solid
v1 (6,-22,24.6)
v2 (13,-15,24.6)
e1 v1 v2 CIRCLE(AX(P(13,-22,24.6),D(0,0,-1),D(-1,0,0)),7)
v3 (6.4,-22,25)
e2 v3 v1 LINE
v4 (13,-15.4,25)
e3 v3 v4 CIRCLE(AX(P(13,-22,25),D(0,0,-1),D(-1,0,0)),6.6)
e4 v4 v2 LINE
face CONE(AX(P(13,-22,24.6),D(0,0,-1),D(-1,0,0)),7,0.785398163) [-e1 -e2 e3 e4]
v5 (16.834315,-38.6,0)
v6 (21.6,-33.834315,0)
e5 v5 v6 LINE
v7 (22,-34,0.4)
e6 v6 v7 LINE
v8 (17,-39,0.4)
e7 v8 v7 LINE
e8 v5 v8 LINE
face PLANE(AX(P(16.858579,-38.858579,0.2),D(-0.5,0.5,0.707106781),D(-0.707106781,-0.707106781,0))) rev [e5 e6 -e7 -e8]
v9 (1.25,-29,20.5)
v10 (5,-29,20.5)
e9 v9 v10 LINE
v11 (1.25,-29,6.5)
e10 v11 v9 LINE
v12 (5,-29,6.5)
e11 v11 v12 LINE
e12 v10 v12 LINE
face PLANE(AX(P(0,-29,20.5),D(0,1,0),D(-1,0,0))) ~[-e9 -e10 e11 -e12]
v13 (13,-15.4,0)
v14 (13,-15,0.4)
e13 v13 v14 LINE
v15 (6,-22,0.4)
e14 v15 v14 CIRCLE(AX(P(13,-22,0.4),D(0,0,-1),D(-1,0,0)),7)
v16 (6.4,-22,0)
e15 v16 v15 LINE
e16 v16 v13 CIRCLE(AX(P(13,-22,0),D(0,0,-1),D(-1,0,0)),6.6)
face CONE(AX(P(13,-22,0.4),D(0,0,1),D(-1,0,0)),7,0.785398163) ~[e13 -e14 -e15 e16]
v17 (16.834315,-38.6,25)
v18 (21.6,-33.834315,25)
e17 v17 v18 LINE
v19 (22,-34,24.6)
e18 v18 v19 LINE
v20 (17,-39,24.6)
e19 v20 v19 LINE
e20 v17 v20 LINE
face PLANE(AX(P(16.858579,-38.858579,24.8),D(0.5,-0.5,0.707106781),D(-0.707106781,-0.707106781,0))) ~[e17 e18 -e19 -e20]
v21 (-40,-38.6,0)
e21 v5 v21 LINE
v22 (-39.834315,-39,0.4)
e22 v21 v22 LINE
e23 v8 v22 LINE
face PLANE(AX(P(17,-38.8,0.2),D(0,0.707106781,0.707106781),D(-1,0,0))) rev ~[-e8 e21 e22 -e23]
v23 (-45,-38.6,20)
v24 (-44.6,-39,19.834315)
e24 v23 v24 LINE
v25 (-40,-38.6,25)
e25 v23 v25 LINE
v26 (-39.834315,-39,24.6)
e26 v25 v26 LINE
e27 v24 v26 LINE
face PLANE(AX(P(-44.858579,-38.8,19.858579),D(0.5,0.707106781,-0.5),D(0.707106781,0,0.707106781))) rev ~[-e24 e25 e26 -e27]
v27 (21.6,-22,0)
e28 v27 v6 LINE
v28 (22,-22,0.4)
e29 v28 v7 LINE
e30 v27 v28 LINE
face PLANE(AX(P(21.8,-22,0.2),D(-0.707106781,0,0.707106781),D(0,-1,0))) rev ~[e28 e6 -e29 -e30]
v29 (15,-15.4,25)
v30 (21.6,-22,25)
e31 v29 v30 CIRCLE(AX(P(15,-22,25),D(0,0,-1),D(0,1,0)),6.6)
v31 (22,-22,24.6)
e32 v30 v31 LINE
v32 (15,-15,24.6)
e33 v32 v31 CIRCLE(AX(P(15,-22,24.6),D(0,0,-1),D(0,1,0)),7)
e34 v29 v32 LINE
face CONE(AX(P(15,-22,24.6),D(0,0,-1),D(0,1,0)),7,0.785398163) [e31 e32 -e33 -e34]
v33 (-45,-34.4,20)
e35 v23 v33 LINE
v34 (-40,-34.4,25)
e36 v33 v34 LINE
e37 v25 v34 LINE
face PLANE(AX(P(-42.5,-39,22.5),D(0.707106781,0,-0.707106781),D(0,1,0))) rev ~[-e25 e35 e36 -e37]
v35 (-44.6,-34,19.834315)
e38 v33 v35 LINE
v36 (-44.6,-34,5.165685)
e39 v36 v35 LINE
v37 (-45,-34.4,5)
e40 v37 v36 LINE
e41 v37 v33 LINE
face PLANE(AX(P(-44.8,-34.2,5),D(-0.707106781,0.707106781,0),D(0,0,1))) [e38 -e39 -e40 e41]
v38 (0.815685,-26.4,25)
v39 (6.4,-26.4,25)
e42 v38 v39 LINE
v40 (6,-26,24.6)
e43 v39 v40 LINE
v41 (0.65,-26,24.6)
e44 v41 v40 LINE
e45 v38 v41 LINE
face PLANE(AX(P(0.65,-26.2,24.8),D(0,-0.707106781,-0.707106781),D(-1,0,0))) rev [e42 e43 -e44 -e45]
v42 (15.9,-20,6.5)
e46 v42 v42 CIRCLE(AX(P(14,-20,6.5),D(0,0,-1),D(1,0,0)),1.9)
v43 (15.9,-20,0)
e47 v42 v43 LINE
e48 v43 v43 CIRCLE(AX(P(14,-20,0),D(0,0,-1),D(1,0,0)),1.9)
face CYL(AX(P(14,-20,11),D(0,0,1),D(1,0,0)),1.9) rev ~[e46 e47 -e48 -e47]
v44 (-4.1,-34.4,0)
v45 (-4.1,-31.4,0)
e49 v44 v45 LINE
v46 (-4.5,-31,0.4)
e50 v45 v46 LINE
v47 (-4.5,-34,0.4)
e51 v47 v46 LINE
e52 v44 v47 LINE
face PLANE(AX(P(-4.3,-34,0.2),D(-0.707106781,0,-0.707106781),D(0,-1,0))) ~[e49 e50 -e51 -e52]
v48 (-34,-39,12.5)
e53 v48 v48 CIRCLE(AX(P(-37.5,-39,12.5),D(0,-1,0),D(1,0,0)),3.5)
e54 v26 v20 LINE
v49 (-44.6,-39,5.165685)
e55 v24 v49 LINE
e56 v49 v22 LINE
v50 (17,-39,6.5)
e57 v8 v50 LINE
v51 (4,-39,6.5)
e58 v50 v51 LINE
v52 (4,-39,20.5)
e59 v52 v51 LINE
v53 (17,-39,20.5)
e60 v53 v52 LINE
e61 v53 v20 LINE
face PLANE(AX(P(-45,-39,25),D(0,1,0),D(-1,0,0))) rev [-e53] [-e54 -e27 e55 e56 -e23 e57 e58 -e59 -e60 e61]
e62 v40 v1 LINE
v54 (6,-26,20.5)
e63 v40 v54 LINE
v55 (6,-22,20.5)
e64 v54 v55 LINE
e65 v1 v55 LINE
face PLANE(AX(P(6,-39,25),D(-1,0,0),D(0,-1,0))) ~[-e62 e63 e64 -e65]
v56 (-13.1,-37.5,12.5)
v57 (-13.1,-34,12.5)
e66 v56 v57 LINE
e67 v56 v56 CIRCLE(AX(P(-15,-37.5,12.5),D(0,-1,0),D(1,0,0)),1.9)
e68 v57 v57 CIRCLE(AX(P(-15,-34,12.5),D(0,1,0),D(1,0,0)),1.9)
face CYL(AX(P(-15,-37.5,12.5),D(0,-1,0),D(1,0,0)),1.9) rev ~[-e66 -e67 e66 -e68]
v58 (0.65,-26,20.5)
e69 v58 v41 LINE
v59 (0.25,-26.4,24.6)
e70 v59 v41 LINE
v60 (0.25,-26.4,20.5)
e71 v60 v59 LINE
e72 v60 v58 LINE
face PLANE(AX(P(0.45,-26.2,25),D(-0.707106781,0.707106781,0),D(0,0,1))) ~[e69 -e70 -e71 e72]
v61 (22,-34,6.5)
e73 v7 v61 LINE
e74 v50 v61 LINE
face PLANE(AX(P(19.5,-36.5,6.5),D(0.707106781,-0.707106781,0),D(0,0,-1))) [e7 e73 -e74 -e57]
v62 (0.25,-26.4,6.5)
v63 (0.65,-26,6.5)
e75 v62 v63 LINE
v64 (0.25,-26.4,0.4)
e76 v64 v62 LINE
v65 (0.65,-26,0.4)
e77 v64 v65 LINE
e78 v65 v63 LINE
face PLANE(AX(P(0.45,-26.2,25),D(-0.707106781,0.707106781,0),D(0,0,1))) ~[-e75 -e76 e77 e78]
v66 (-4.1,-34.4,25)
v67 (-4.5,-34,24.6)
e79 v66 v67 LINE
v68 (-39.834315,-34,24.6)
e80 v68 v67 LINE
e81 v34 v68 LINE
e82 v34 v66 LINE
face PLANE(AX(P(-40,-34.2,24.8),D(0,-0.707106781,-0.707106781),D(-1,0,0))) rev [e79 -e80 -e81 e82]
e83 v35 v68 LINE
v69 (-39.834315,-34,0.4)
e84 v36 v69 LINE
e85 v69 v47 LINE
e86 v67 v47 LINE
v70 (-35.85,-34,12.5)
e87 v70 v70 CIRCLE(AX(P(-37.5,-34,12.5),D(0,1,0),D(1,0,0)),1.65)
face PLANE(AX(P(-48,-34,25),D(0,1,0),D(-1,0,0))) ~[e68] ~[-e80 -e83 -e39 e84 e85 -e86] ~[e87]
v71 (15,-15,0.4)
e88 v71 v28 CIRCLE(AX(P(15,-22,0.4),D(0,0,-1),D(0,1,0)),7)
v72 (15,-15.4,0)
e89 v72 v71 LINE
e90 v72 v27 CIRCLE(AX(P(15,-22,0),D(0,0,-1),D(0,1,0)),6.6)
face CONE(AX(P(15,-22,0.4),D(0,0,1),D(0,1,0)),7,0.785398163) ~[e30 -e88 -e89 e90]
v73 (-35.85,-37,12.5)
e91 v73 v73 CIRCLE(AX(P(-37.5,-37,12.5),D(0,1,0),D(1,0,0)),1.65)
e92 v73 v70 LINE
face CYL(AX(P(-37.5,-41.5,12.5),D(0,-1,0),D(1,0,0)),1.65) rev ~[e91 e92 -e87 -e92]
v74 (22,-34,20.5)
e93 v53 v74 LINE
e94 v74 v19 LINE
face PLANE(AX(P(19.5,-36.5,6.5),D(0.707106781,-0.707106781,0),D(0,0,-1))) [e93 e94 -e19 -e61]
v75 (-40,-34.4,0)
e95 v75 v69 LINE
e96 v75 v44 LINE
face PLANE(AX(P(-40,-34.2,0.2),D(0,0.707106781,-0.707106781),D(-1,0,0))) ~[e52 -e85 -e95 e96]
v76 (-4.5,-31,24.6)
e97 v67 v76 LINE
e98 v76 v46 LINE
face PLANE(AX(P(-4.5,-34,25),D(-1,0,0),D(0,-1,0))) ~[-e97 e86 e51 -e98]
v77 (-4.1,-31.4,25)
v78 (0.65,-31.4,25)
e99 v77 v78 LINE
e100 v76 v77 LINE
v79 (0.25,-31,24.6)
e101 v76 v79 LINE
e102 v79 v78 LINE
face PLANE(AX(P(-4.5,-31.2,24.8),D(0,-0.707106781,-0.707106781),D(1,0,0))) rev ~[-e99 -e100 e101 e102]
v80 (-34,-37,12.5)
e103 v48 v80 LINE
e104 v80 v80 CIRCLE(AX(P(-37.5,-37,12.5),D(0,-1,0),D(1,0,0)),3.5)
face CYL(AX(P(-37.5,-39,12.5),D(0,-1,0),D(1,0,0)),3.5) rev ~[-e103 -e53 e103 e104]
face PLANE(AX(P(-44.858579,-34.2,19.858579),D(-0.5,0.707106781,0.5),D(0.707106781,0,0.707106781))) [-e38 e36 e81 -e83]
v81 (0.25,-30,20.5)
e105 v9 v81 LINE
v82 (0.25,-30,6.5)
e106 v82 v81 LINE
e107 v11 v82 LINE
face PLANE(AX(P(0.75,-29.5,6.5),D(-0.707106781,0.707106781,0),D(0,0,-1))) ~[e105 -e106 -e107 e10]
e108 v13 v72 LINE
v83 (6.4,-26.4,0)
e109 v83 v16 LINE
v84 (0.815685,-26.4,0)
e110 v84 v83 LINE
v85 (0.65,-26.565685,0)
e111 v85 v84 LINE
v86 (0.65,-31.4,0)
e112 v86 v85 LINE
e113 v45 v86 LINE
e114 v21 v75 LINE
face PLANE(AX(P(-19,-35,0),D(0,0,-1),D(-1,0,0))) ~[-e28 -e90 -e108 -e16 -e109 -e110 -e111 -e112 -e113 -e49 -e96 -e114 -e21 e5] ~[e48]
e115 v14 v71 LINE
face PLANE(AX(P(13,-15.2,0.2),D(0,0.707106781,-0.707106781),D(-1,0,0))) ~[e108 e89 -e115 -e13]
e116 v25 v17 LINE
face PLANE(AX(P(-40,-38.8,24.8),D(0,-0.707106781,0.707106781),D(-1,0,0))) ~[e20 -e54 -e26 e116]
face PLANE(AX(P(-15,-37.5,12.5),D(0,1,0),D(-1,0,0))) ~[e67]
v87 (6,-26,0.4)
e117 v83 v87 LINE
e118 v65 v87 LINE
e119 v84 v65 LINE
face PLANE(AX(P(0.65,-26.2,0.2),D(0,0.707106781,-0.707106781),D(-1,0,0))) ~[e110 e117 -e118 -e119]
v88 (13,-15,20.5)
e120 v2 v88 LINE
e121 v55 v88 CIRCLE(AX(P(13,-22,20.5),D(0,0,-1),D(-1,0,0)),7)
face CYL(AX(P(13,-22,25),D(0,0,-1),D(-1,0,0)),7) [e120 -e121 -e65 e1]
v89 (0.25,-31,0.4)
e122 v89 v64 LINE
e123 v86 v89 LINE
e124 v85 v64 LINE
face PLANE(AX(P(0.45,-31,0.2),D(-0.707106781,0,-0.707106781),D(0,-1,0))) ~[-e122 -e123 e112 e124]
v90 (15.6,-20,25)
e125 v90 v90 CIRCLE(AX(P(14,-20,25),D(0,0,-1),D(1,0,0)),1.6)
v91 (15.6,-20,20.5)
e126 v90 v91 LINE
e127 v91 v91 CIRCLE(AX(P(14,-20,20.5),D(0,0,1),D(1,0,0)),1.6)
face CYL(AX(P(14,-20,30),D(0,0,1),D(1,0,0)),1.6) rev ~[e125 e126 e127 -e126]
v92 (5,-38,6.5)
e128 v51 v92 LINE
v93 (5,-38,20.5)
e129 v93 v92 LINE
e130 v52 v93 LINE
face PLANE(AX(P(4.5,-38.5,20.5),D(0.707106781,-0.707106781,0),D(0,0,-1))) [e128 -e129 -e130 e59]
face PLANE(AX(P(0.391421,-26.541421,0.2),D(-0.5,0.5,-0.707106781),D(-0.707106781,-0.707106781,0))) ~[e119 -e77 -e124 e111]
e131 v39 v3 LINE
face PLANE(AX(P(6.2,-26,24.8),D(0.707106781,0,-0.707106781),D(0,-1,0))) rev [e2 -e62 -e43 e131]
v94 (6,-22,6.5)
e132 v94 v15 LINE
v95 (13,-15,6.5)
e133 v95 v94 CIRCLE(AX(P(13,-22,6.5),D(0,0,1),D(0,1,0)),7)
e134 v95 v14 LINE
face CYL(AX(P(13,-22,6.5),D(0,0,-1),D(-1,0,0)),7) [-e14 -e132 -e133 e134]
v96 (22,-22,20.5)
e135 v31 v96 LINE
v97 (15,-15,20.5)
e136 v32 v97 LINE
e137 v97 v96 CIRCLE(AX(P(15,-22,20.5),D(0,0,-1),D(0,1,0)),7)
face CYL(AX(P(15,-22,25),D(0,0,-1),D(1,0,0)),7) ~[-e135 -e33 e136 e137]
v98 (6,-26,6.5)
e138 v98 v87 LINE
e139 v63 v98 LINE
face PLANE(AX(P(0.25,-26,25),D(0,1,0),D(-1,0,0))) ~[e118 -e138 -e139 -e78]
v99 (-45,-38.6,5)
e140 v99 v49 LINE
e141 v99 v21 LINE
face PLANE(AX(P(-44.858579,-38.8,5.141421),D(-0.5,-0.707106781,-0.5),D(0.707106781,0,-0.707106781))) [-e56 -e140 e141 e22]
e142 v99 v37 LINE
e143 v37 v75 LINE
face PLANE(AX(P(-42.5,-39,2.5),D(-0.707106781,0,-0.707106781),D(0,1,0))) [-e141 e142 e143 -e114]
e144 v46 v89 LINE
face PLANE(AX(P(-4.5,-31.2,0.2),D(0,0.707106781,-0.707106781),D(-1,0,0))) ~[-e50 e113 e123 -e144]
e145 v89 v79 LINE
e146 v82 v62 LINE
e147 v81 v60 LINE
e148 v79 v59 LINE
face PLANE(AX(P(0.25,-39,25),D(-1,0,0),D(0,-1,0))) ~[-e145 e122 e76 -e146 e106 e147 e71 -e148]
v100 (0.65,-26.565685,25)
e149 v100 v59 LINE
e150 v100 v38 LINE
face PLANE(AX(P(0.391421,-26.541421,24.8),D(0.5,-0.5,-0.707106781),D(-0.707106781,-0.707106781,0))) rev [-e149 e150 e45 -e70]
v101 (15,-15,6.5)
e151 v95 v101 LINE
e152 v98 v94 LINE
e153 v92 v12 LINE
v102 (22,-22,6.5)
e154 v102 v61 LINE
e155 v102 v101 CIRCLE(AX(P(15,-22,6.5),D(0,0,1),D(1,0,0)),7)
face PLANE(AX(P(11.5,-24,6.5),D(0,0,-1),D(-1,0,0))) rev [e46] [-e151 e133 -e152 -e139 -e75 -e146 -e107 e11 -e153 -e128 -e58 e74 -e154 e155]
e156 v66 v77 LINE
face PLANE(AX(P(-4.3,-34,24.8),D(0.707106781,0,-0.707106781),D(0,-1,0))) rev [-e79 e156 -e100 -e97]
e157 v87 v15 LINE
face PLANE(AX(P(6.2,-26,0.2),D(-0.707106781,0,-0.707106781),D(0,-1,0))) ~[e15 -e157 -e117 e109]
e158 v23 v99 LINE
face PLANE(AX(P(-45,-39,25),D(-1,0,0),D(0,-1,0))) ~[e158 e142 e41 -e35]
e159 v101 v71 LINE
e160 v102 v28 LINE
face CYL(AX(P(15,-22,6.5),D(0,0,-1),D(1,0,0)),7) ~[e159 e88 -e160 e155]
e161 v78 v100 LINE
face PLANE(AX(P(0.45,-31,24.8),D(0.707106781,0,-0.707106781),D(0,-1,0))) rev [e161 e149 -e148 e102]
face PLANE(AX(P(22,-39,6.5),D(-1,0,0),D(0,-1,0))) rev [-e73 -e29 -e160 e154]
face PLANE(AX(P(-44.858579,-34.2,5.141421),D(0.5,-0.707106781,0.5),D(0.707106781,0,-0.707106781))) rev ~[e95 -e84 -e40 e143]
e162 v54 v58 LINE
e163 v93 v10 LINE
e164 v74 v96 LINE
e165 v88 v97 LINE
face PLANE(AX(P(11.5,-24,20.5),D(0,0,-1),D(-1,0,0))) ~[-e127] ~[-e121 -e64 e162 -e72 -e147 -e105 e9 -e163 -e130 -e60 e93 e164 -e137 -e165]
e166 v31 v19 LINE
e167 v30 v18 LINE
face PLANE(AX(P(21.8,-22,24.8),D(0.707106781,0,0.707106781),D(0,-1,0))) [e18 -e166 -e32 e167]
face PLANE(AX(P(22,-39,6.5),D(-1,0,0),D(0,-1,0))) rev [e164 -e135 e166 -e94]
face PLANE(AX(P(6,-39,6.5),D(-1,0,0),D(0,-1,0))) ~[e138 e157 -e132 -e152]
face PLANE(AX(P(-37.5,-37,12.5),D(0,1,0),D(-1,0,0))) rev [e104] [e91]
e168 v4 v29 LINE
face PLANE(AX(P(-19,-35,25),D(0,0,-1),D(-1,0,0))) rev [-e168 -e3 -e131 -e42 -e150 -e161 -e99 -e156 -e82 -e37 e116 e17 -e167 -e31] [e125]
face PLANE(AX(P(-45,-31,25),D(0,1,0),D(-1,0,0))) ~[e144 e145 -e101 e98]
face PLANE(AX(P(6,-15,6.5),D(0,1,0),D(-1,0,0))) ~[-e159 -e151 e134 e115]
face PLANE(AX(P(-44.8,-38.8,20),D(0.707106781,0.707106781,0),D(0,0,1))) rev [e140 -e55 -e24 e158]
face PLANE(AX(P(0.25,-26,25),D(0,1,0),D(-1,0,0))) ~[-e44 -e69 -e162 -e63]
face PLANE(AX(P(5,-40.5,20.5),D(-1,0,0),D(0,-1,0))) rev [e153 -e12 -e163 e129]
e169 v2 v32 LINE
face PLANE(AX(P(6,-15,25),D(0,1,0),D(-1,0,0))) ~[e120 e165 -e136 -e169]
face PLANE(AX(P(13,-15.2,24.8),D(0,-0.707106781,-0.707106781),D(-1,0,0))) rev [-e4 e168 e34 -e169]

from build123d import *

# Parameters (mm, degrees)
BOX044_W                                   = 19
BOX044_H                                   = 29
BOX044_DEPTH                               = 14
BOX043_W                                   = 23
BOX043_H                                   = 10
BOX043_DEPTH                               = 14
CYLINDER012_R                              = 1.9
CYLINDER012_DEPTH                          = 10
CYLINDER014_R                              = 3.5
CYLINDER014_DEPTH                          = 2
CYLINDER013_R                              = 1.65
CYLINDER013_DEPTH                          = 10
CYLINDER010_R                              = 1.6
CYLINDER010_DEPTH                          = 18
CYLINDER011_R                              = 1.9
CYLINDER011_DEPTH                          = 18
BOX015_W                                   = 5.75
BOX015_H                                   = 13
BOX015_DEPTH                               = 25
CHAMFER016016006_SIZE                      = 0.4
BOX009_W                                   = 16
BOX009_H                                   = 24
BOX009_DEPTH                               = 4.5
FILLET001_R                                = 7
CHAMFER011_SIZE                            = 5
BOX010_W                                   = 16
BOX010_H                                   = 24
BOX010_DEPTH                               = 6.5
FILLET002_R                                = 7
CHAMFER009_SIZE                            = 5
BOX012_W                                   = 43.5
BOX012_H                                   = 8
BOX012_DEPTH                               = 25
BOX008_W                                   = 52
BOX008_H                                   = 8
BOX008_DEPTH                               = 25
CHAMFER016016004_SIZE                      = 5
BOX011_W                                   = 21.75
BOX011_H                                   = 13
BOX011_DEPTH                               = 14
CHAMFER016016005_SIZE                      = 5
CHAMFER016016007_SIZE                      = 0.4
CHAMFER016016008004017002013005003_SIZE    = 1
CHAMFER016016008004017002013005004_SIZE    = 1
CHAMFER016016008004017002013005004002_SIZE = 0.4


with BuildPart() as cube044:
    # Box044 → Box044 (new body)
    with BuildSketch(Plane(origin=(5, -40.5, -20.5), x_dir=(1, 0, 0), z_dir=(0, 0, 1))):
        with Locations((9.5, 14.5)):
            Rectangle(BOX044_W, BOX044_H)
    extrude(amount=BOX044_DEPTH)


with BuildPart() as cube043:
    # Box043 → Box043 (new body)
    with BuildSketch(Plane(origin=(0, -29, -20.5), x_dir=(1, 0, 0), z_dir=(0, 0, 1))):
        with Locations((11.5, 5)):
            Rectangle(BOX043_W, BOX043_H)
    extrude(amount=BOX043_DEPTH)


with BuildPart() as cylinder012:
    # Cylinder012 → Cylinder012 (new body)
    with BuildSketch(Plane(origin=(-15, -37.5, -12.5), x_dir=(1, 0, 0), z_dir=(0, 1, 0))):
        Circle(CYLINDER012_R)
    extrude(amount=CYLINDER012_DEPTH)


with BuildPart() as cylinder014:
    # Cylinder014 → Cylinder014 (new body)
    with BuildSketch(Plane(origin=(-37.5, -39, -12.5), x_dir=(1, 0, 0), z_dir=(0, 1, 0))):
        Circle(CYLINDER014_R)
    extrude(amount=CYLINDER014_DEPTH)


with BuildPart() as fusion011:
    # Cylinder013 → Cylinder013 (new body)
    with BuildSketch(Plane(origin=(-37.5, -41.5, -12.5), x_dir=(1, 0, 0), z_dir=(0, 1, 0))):
        Circle(CYLINDER013_R)
    extrude(amount=CYLINDER013_DEPTH)

    # Fusion011: union Cylinder012, Cylinder014
    add(cylinder012.part)
    add(cylinder014.part)


with BuildPart() as cylinder010:
    # Cylinder010 → Cylinder010 (new body)
    with BuildSketch(Plane(origin=(10, -20, -30), x_dir=(1, 0, 0), z_dir=(0, 0, 1))):
        Circle(CYLINDER010_R)
    extrude(amount=CYLINDER010_DEPTH)


with BuildPart() as fusion010:
    # Cylinder011 → Cylinder011 (new body)
    with BuildSketch(Plane(origin=(10, -20, -11), x_dir=(1, 0, 0), z_dir=(0, 0, 1))):
        Circle(CYLINDER011_R)
    extrude(amount=CYLINDER011_DEPTH)

    # Fusion010: union Cylinder010
    add(cylinder010.part)


with BuildPart() as fusion010_1:
    # Fusion010 placement: moved
    add(fusion010.part.moved(Location((4, 0, 0))))


with BuildPart() as chamfer016016006:
    # Box015 → Box015 (new body)
    with BuildSketch(Plane(origin=(0.25, -39, -25), x_dir=(1, 0, 0), z_dir=(0, 0, 1))):
        with Locations((2.875, 6.5)):
            Rectangle(BOX015_W, BOX015_H)
    extrude(amount=BOX015_DEPTH)

    # Chamfer016016006
    chamfer016016006_edges = [chamfer016016006.edges().sort_by_distance(p)[0] for p in [
        (0.25, -26, -12.5),
    ]]
    chamfer(chamfer016016006_edges, length=CHAMFER016016006_SIZE)


with BuildPart() as chamfer011:
    # Box009 → Box009 (new body)
    with BuildSketch(Plane(origin=(2, -39, -25), x_dir=(1, 0, 0), z_dir=(0, 0, 1))):
        with Locations((8, 12)):
            Rectangle(BOX009_W, BOX009_H)
    extrude(amount=BOX009_DEPTH)

    # Fillet001
    fillet001_edges = [chamfer011.edges().sort_by_distance(p)[0] for p in [
        (2, -15, -22.75),
        (18, -15, -22.75),
    ]]
    fillet(fillet001_edges, radius=FILLET001_R)

    # Chamfer011
    chamfer011_edges = [chamfer011.edges().sort_by_distance(p)[0] for p in [
        (18, -39, -22.75),
    ]]
    chamfer(chamfer011_edges, length=CHAMFER011_SIZE)


with BuildPart() as chamfer011_1:
    # Chamfer011 placement: moved
    add(chamfer011.part.moved(Location((4, 0, 0))))


with BuildPart() as chamfer009:
    # Box010 → Box010 (new body)
    with BuildSketch(Plane(origin=(2, -39, -6.5), x_dir=(1, 0, 0), z_dir=(0, 0, 1))):
        with Locations((8, 12)):
            Rectangle(BOX010_W, BOX010_H)
    extrude(amount=BOX010_DEPTH)

    # Fillet002
    fillet002_edges = [chamfer009.edges().sort_by_distance(p)[0] for p in [
        (2, -15, -3.25),
        (18, -15, -3.25),
    ]]
    fillet(fillet002_edges, radius=FILLET002_R)

    # Chamfer009
    chamfer009_edges = [chamfer009.edges().sort_by_distance(p)[0] for p in [
        (18, -39, -3.25),
    ]]
    chamfer(chamfer009_edges, length=CHAMFER009_SIZE)


with BuildPart() as chamfer009_1:
    # Chamfer009 placement: moved
    add(chamfer009.part.moved(Location((4, 0, 0))))


with BuildPart() as cube012:
    # Box012 → Box012 (new body)
    with BuildSketch(Plane(origin=(-48, -34, -25), x_dir=(1, 0, 0), z_dir=(0, 0, 1))):
        with Locations((21.75, 4)):
            Rectangle(BOX012_W, BOX012_H)
    extrude(amount=BOX012_DEPTH)


with BuildPart() as chamfer016016004:
    # Box008 → Box008 (new body)
    with BuildSketch(Plane(origin=(-45, -39, -25), x_dir=(1, 0, 0), z_dir=(0, 0, 1))):
        with Locations((26, 4)):
            Rectangle(BOX008_W, BOX008_H)
    extrude(amount=BOX008_DEPTH)

    # Cut010011006: cut Cube012
    add(cube012.part, mode=Mode.SUBTRACT)

    # Chamfer016016004
    chamfer016016004_edges = [chamfer016016004.edges().sort_by_distance(p)[0] for p in [
        (-45, -36.5, 0),
        (-45, -36.5, -25),
    ]]
    chamfer(chamfer016016004_edges, length=CHAMFER016016004_SIZE)


with BuildPart() as chamfer016016008004017002013005004002:
    # Box011 → Box011 (new body)
    with BuildSketch(Plane(origin=(0.25, -39, -20.5), x_dir=(1, 0, 0), z_dir=(0, 0, 1))):
        with Locations((10.875, 6.5)):
            Rectangle(BOX011_W, BOX011_H)
    extrude(amount=BOX011_DEPTH)

    # Chamfer016016005
    chamfer016016005_edges = [chamfer016016008004017002013005004002.edges().sort_by_distance(p)[0] for p in [
        (22, -39, -13.5),
    ]]
    chamfer(chamfer016016005_edges, length=CHAMFER016016005_SIZE)

    # Chamfer016016007
    chamfer016016007_edges = [chamfer016016008004017002013005004002.edges().sort_by_distance(p)[0] for p in [
        (0.25, -26, -13.5),
    ]]
    chamfer(chamfer016016007_edges, length=CHAMFER016016007_SIZE)

    # Fusion017: union Chamfer016016006, Chamfer011, Chamfer009, Chamfer016016004
    add(chamfer016016006.part)
    add(chamfer011_1.part)
    add(chamfer009_1.part)
    add(chamfer016016004.part)

    # Cut010011007: cut Fusion010
    add(fusion010_1.part, mode=Mode.SUBTRACT)

    # Cut010011008: cut Fusion011
    add(fusion011.part, mode=Mode.SUBTRACT)

    # Cut010011008009003016026002: cut Cube043
    add(cube043.part, mode=Mode.SUBTRACT)

    # Chamfer016016008004017002013005003
    chamfer016016008004017002013005003_edges = [chamfer016016008004017002013005004002.edges().sort_by_distance(p)[0] for p in [
        (22, -29, -13.5),
        (0.25, -29, -13.5),
    ]]
    chamfer(chamfer016016008004017002013005003_edges, length=CHAMFER016016008004017002013005003_SIZE)

    # Cut010011008009003016026003: cut Cube044
    add(cube044.part, mode=Mode.SUBTRACT)

    # Chamfer016016008004017002013005004
    chamfer016016008004017002013005004_edges = [chamfer016016008004017002013005004002.edges().sort_by_distance(p)[0] for p in [
        (5, -39, -13.5),
    ]]
    chamfer(chamfer016016008004017002013005004_edges, length=CHAMFER016016008004017002013005004_SIZE)

    # Chamfer016016008004017002013005004002
    chamfer016016008004017002013005004002_edges = [chamfer016016008004017002013005004002.edges().sort_by_distance(p)[0] for p in [
        (3.325, -26, -25),
        (0.45, -26.2, -25),
        (6, -24, -25),
        (8.050253, -17.050253, -25),
        (14, -15, -25),
        (22, -28, -25),
        (19.5, -36.5, -25),
        (19.949747, -17.050253, -25),
        (-11.5, -39, 0),
        (-42.5, -39, -2.5),
        (-45, -39, -12.5),
        (-42.5, -39, -22.5),
        (-11.5, -39, -25),
        (3.325, -26, 0),
        (0.45, -26.2, 0),
        (6, -24, 0),
        (8.050253, -17.050253, 0),
        (14, -15, 0),
        (22, -28, 0),
        (19.5, -36.5, 0),
        (19.949747, -17.050253, 0),
        (-2.125, -31, -25),
        (-2.125, -31, 0),
        (-4.5, -32.5, 0),
        (-4.5, -32.5, -25),
        (-42.5, -34, -22.5),
        (-45, -34, -12.5),
        (-42.5, -34, -2.5),
        (-22.25, -34, -25),
        (-22.25, -34, 0),
        (0.25, -28.7, -25),
        (0.25, -28.7, 0),
    ]]
    chamfer(chamfer016016008004017002013005004002_edges, length=CHAMFER016016008004017002013005004002_SIZE)


with BuildPart() as part_mirroring002:
    # Part__Mirroring002: instance of Chamfer016016008004017002013005004002
    add(chamfer016016008004017002013005004002.part.mirror(Plane(origin=(0, 0, 0), x_dir=(0, 1, 0), z_dir=(0, 0, 1))))


solid = part_mirroring002.part
